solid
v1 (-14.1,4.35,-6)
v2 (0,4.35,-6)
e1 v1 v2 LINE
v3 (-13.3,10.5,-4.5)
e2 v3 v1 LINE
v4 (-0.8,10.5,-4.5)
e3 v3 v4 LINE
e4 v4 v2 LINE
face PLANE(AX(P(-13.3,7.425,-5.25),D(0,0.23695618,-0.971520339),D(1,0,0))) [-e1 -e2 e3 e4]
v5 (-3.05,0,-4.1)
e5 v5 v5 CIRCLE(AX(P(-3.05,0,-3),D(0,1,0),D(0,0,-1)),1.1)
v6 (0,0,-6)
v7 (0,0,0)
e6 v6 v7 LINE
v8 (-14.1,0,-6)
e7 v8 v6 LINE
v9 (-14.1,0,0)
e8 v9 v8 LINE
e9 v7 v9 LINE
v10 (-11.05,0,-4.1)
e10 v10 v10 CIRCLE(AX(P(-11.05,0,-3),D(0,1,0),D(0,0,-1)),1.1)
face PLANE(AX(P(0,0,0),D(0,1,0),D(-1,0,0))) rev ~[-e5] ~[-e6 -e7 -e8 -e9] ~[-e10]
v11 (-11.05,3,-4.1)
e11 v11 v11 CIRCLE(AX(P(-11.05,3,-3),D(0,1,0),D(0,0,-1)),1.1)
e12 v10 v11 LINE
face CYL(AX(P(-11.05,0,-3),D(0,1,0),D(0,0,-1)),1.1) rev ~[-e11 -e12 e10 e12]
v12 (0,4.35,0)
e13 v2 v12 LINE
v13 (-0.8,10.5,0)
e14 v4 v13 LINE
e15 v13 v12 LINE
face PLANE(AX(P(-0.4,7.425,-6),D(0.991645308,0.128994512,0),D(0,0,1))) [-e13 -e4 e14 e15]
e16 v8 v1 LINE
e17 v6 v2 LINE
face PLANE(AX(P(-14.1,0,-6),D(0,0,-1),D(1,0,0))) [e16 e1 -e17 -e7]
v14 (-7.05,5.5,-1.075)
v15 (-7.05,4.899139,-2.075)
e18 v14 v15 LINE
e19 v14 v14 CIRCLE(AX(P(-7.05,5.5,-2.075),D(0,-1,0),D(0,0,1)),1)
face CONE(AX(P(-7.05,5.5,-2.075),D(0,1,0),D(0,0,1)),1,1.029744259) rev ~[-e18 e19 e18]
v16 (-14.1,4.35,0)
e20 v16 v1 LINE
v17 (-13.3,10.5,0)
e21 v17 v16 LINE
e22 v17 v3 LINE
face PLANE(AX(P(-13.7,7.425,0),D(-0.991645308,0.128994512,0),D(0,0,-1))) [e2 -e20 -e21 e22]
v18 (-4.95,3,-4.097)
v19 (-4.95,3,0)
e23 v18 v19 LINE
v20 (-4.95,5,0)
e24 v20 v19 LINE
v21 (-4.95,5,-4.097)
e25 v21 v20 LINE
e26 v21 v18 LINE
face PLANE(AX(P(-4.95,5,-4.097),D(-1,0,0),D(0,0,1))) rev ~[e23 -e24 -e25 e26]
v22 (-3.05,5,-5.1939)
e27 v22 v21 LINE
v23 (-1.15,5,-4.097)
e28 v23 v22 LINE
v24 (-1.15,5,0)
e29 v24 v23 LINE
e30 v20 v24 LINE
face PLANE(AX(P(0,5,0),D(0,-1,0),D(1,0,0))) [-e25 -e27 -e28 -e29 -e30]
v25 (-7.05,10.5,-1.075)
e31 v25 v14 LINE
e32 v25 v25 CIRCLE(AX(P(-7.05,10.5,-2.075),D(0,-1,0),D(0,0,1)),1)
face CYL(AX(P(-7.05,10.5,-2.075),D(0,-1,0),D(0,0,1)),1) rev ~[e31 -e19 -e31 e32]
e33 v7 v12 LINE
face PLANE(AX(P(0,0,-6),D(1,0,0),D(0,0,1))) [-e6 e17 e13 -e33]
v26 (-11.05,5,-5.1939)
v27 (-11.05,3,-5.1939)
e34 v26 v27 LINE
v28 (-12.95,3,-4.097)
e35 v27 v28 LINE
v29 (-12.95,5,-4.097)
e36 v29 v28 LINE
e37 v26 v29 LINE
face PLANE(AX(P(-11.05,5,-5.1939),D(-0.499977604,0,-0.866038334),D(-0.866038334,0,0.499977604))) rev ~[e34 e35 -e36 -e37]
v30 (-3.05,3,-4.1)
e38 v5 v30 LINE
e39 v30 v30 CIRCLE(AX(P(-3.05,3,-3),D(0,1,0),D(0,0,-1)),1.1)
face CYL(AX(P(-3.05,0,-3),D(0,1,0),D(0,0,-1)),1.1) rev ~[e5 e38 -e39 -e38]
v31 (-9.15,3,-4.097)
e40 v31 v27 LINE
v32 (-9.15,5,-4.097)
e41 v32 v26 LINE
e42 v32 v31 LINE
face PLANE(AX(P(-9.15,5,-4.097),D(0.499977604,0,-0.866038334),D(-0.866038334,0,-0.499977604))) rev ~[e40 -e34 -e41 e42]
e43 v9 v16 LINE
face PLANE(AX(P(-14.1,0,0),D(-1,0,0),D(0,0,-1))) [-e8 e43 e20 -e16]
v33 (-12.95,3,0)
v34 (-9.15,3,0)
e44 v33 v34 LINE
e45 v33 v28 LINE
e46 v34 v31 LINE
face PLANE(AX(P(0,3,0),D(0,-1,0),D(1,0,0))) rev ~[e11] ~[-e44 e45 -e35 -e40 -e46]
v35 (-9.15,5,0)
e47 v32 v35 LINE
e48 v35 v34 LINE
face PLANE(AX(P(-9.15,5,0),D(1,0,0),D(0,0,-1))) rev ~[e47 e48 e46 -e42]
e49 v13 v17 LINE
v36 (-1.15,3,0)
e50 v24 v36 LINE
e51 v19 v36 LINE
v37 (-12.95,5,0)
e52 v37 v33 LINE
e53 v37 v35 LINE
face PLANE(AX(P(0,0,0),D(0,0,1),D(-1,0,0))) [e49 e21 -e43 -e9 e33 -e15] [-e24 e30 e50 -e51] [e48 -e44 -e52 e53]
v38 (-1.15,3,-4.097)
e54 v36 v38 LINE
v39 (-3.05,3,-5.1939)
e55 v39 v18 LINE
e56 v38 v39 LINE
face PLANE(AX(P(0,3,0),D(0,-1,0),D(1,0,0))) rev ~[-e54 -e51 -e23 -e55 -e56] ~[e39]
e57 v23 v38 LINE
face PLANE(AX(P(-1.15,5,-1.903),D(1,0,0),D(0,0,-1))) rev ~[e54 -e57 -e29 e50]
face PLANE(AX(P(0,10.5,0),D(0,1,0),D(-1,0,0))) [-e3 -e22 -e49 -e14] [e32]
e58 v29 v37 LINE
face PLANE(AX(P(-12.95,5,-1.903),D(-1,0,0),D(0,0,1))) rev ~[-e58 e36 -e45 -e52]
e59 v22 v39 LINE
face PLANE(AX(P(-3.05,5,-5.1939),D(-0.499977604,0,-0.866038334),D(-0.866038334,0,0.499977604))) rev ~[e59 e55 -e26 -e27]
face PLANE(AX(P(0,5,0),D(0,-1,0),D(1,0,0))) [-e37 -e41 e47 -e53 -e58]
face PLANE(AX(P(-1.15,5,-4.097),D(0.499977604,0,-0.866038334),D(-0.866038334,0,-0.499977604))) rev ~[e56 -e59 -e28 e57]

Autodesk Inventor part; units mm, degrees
ref_plane "YZ Plane" through (0, 0, 0) normal (1, 0, 0) x (0, 1, 0)
ref_plane "XZ Plane" through (0, 0, 0) normal (0, 1, 0) x (-1, 0, 0)
ref_plane "XY Plane" through (0, 0, 0) normal (0, 0, 1) x (1, 0, 0)
sketch "Эскиз1" plane through (0, 0, 0) normal (0, 1, 0) x (-1, 0, 0)
  line L0 (0, 0) -> (14.1, 0)
  line L1 (14.1, 0) -> (14.1, -6)
  line L2 (14.1, -6) -> (0, -6)
  line L3 (0, -6) -> (0, 0)
  dimension "d0" = 14.1
  dimension "d1" = 6
extrude "Выдавливание1" add sketch "Эскиз1" along normal blind 10.5
sketch "Эскиз2" plane through (0, 10.5, 0) normal (0, 1, 0) x (1, 0, 0)
  line L0 (-14.1, 0) -> (0, 0) projected
  line L1 (-7.05, 0) -> (-7.05, 2.075)
  dimension "d4" = 2.075
hole "Отверстие1" at (-7.05, 10.5, -2.075) direction (0, -1, 0) diameter 2 depth 5 tip angle 118
sketch "Эскиз3" plane through (0, 0, 0) normal (0, -1, 0) x (1, 0, 0)
  line L0 (0, 0) -> (0, -6) projected
  line L1 (0, -3) -> (-3.05, -3)
  line L2 (-14.1, -6) -> (-14.1, 0) projected
  line L3 (-14.1, -3) -> (-11.05, -3)
  line L4 (0, 0) -> (0, -6) projected
  line L5 (-14.1, -6) -> (-14.1, 0) projected
  line L6 (-14.1, 0) -> (0, 0) projected
  dimension "d12" = 3
  dimension "d24" = 8
hole "Отверстие2" at (-3.05, 0, -3) at (-11.05, 0, -3) direction (0, 1, 0) diameter 2.2 depth 5
sketch "Эскиз4" plane through (0, 0, 0) normal (0, -1, 0) x (1, 0, 0)
  circle A0 centre (-3.05, -3) radius 1.1 projected
  circle A1 centre (-11.05, -3) radius 1.1 projected
  line L0 (-3.05, -5.1939) -> (-4.95, -4.097)
  line L1 (-4.95, -4.097) -> (-4.95, -1.903)
  line L2 (-4.95, -1.903) -> (-3.05, -0.8061)
  line L3 (-3.05, -0.8061) -> (-1.15, -1.903)
  line L4 (-1.15, -1.903) -> (-1.15, -4.097)
  line L5 (-1.15, -4.097) -> (-3.05, -5.1939)
  line L6 (0, 0) -> (0, -6) projected
  line L7 (-11.05, -5.1939) -> (-12.95, -4.097)
  line L8 (-12.95, -4.097) -> (-12.95, -1.903)
  line L9 (-12.95, -1.903) -> (-11.05, -0.8061)
  line L10 (-11.05, -0.8061) -> (-9.15, -1.903)
  line L11 (-9.15, -1.903) -> (-9.15, -4.097)
  line L12 (-9.15, -4.097) -> (-11.05, -5.1939)
  line L13 (-1.15, -1.903) -> (-4.95, -1.903)
  line L14 (-4.95, -1.903) -> (-4.95, 0)
  line L15 (-4.95, 0) -> (-1.15, 0)
  line L16 (-1.15, 0) -> (-1.15, -1.903)
  line L17 (-14.1, 0) -> (0, 0) projected
  line L18 (-9.15, -1.903) -> (-12.95, -1.903)
  line L19 (-12.95, -1.903) -> (-12.95, 0)
  line L20 (-12.95, 0) -> (-9.15, 0)
  line L21 (-9.15, 0) -> (-9.15, -1.903)
  point P0 (-3.05, 0)
  point P1 (-9.15, 0)
  dimension "d21" = 3.8
extrude "Выдавливание2" cut sketch "Эскиз4" along normal blind 2 from surface at -5
chamfer "Фаска1" distance 0.8 distance2 6.15 1 edges at (-14.1, 10.5, -3) measured on face at (-7.05, 10.5, -5.025)
chamfer "Фаска2" distance 0.8 distance2 6.15 1 edges at (0, 10.5, -3) measured on face at (-6.7833, 10.5, -5.025)
chamfer "Фаска3" distance 1.5 distance2 6.15 1 edges at (-7.05, 10.5, -6) measured on face at (-7.05, 10.5, -5.025)
equation "\"Радиус_гибки\" = Толщина"
equation "\"Ширина_просечки\" = Толщина"
equation "\"Глубина_просечки\" = 0.5 * Толщина"
equation "\"Размер_просечки\" = 4 * Толщина"
equation "\"Мин_остаток\" = 2 * Толщина"
equation "\"Радиус_перехода\" = Радиус_гибки"
equation "\"Радиус_Якоби\" = Толщина"
equation "\"Размер_зазора\" = Толщина"
equation "\"Толщина\" = 0.5"
properties part number "Съемная стойка сервы"
